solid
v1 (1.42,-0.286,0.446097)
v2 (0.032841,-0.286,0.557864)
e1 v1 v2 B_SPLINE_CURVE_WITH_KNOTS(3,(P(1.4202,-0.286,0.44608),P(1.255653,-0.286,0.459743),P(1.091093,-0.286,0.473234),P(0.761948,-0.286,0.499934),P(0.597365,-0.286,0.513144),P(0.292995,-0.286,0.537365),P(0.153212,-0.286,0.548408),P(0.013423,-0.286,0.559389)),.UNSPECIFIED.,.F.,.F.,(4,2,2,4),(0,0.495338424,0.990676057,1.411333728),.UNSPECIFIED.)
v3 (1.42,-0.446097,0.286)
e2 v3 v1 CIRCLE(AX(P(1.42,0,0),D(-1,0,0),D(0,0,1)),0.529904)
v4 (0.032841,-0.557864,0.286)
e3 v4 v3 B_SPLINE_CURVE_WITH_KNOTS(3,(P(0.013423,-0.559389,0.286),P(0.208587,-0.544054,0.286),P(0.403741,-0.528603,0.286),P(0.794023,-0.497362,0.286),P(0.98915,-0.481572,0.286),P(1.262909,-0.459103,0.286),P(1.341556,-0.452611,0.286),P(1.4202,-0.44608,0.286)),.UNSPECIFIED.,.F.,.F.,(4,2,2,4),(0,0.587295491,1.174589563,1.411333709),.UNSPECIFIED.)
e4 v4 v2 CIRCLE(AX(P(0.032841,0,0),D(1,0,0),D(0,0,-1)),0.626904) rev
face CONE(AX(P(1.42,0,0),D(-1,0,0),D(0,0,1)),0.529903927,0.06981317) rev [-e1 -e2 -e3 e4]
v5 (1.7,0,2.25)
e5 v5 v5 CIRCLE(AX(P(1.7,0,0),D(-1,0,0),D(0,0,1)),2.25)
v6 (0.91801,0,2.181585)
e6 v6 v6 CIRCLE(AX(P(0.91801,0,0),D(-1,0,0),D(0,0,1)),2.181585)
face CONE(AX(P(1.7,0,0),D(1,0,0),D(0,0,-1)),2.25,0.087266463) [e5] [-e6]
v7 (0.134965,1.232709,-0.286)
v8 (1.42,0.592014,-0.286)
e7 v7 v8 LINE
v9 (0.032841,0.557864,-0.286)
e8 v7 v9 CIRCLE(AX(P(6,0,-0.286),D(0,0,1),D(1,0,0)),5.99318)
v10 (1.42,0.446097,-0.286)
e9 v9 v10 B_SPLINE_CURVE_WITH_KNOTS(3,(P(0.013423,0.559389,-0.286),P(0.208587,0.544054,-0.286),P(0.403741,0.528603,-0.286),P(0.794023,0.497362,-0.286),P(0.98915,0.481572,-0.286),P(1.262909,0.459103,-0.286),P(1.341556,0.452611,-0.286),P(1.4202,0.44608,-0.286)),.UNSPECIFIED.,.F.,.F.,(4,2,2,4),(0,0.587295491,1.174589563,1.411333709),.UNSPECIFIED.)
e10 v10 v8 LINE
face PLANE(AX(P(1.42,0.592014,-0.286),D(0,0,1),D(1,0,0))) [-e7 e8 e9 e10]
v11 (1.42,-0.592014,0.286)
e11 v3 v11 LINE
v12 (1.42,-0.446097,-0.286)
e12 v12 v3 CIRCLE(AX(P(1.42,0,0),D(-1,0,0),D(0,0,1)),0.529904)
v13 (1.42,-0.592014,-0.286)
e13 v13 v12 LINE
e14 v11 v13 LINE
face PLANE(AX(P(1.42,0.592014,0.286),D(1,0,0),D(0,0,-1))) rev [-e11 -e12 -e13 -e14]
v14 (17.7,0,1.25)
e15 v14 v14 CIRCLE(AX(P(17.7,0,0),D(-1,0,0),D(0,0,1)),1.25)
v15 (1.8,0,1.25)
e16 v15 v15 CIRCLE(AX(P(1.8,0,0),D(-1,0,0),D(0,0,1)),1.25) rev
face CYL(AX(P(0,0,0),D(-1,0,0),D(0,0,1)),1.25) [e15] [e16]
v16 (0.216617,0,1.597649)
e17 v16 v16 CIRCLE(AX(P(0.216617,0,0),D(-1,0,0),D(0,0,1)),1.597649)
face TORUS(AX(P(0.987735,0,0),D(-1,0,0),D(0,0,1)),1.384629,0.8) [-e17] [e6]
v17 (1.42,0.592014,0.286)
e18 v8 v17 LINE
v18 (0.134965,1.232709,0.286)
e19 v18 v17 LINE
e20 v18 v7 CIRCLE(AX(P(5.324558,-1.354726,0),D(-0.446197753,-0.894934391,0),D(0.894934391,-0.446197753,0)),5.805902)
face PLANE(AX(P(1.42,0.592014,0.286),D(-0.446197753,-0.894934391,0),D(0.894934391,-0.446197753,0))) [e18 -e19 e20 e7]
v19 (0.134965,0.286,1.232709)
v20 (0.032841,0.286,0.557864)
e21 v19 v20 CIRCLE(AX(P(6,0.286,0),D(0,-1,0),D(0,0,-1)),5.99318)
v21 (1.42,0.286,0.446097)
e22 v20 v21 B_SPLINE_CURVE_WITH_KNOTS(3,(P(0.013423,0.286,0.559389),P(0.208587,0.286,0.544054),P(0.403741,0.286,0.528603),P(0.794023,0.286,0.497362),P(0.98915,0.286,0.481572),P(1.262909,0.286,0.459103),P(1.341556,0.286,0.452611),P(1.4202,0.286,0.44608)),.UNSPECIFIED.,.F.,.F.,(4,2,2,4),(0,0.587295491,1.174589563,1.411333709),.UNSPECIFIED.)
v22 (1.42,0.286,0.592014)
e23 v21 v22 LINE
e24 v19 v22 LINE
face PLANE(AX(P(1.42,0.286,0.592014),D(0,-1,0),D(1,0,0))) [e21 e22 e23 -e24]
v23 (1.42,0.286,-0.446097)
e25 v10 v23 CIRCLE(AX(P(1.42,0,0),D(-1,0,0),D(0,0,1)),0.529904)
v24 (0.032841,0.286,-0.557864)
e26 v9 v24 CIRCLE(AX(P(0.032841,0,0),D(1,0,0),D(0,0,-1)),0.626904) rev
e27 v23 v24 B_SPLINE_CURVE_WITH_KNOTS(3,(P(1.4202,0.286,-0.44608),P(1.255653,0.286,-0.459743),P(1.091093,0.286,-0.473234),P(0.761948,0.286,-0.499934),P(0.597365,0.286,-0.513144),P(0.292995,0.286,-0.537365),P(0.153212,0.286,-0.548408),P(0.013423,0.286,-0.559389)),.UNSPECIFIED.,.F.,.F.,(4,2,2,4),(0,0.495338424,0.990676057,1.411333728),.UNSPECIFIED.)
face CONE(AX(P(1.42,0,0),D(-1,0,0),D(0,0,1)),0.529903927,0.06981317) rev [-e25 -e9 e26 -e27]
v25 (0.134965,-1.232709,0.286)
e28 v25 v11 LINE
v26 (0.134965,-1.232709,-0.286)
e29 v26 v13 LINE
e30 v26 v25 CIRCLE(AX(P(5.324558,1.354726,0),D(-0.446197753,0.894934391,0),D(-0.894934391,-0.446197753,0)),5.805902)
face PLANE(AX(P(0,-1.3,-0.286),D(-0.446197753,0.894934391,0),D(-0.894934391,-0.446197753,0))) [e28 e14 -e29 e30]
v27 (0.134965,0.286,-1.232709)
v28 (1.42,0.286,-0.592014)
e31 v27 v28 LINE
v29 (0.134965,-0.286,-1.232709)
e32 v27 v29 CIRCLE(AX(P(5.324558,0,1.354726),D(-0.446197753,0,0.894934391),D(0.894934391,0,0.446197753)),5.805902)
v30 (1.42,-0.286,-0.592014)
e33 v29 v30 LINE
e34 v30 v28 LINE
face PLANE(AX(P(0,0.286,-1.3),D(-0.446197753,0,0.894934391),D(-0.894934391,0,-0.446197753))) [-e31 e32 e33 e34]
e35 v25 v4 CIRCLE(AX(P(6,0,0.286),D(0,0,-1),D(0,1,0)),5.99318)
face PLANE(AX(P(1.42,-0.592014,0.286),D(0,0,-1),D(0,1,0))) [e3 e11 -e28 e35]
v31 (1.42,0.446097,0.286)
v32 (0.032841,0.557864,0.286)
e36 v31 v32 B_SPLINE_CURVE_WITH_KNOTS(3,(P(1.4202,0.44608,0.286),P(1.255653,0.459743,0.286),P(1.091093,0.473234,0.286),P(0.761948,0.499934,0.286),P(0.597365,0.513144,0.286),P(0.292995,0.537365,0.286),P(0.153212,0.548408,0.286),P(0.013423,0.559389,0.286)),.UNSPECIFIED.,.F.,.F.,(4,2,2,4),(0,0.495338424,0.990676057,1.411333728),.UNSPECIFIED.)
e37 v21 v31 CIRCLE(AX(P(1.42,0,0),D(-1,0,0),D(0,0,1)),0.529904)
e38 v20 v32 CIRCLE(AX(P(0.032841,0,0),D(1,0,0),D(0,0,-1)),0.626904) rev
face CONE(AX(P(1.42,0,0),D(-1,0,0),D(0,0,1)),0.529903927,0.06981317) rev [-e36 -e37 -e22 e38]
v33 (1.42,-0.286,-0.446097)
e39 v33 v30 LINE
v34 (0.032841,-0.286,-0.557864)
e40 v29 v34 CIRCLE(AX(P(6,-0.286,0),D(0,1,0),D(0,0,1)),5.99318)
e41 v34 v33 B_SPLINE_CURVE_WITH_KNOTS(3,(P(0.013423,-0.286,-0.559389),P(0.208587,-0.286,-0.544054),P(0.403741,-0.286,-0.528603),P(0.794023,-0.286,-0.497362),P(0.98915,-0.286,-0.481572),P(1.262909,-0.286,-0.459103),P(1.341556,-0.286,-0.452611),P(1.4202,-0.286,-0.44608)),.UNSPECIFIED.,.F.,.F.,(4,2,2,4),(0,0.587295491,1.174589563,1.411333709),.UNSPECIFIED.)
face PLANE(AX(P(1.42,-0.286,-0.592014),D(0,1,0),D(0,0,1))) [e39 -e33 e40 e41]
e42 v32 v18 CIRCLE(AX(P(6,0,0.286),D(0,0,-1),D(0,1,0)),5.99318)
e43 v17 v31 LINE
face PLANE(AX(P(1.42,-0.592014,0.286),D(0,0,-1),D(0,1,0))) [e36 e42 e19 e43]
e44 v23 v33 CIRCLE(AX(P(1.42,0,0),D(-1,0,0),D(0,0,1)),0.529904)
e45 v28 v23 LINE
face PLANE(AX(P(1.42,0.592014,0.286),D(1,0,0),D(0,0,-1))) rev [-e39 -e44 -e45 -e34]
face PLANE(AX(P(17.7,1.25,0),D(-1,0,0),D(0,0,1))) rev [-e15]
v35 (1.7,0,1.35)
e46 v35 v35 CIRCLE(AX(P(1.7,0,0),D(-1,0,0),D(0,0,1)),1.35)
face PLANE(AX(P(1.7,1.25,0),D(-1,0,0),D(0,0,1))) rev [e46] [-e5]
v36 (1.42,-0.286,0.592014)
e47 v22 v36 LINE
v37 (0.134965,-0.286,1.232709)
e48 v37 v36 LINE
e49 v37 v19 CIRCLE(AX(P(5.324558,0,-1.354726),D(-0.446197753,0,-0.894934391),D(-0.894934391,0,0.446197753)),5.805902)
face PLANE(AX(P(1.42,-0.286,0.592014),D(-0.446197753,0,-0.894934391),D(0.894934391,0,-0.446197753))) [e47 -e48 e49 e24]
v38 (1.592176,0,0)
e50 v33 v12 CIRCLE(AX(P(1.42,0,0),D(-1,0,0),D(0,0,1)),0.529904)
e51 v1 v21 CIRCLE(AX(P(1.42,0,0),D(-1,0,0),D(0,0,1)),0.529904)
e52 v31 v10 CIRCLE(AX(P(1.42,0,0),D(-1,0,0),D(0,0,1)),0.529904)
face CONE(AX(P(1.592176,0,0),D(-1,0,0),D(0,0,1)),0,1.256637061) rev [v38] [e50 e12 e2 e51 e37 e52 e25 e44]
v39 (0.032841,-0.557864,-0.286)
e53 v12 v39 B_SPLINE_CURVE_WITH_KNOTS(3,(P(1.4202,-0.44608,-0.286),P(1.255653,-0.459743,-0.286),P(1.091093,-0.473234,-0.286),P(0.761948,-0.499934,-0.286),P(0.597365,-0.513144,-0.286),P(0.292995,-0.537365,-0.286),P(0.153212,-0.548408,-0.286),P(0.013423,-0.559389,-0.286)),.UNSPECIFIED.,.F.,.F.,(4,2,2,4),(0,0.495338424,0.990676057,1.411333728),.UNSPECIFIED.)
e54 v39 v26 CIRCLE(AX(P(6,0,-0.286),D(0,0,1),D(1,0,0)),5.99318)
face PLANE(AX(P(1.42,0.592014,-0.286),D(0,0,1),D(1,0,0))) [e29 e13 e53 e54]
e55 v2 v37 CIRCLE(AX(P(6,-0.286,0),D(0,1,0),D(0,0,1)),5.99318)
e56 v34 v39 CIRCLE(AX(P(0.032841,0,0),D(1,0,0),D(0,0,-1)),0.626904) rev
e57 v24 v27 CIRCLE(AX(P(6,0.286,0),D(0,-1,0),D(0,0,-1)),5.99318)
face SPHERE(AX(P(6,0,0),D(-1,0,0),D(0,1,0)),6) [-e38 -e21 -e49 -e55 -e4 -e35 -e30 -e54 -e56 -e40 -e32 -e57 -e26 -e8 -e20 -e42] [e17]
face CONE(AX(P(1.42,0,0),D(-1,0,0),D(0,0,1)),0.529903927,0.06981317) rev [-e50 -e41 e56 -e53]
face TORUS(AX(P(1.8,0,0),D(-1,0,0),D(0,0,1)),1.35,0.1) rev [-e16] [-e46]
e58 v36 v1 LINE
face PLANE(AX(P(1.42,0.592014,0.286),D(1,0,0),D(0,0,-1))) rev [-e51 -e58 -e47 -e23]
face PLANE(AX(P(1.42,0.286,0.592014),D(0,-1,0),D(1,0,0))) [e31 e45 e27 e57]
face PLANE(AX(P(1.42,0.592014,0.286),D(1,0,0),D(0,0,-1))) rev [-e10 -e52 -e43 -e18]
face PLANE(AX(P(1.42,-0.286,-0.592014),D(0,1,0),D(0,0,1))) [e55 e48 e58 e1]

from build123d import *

# Parameters (mm, degrees)
FILLET1_R    = 0.1
RECPAT_COUNT = 2
RECPAT_ANGLE = 90


with BuildPart() as part:
    # BodySke → BaseBody (revolve)
    with BuildSketch(Plane.XY, mode=Mode.PRIVATE) as basebody_sk:
        with BuildLine():
            Line((1.7, 1.25), (1.7, 2.25))
            Line((1.7, 2.25), (0.918010196, 2.181584757))
            ThreePointArc((0.918010196, 2.181584757), (0.475876178, 1.999446664), (0.216617065, 1.597648845))
            ThreePointArc((0.216617065, 1.597648845), (0.054400888, 0.806133485), (0, 0))
            Line((0, 0), (17.7, 0))
            Line((17.7, 0), (17.7, 1.25))
            Line((17.7, 1.25), (1.7, 1.25))
        make_face()
    revolve(basebody_sk.sketch.rotate(Axis((0, 0, 0), (1, 0, 0)), 90), axis=Axis((0, 0, 0), (1, 0, 0)))

    # Fillet1
    fillet1_edges = [part.edges().sort_by_distance(p)[0] for p in [
        (1.7, 0, -1.25),
    ]]
    fillet(fillet1_edges, radius=FILLET1_R)

    # RecSkeTop → Recess section 0
    with BuildSketch(Plane(origin=(0, 0, 0), x_dir=(0, 0, -1), z_dir=(1, 0, 0))):
        with BuildLine():
            Line((-0.286, 1.3), (0.286, 1.3))
            Line((0.286, 1.3), (0.286, -1.3))
            Line((0.286, -1.3), (-0.286, -1.3))
            Line((-0.286, -1.3), (-0.286, 1.3))
        make_face()
    # RecSkeBot → Recess section 1
    with BuildSketch(Plane(origin=(1.42, 0, 0), x_dir=(0, 0, -1), z_dir=(1, 0, 0))):
        with BuildLine():
            Line((-0.286, 0.592014235), (0.286, 0.592014235))
            Line((0.286, 0.592014235), (0.286, -0.592014235))
            Line((0.286, -0.592014235), (-0.286, -0.592014235))
            Line((-0.286, -0.592014235), (-0.286, 0.592014235))
        make_face()
    recess = loft(mode=Mode.SUBTRACT)

    # RecPat: Recess ×2 about axis
    recpat_axis = Axis((0, 0, 0), (1, 0, 0))
    for i in range(1, RECPAT_COUNT):
        add(recess.rotate(recpat_axis, i * RECPAT_ANGLE / (RECPAT_COUNT - 1)), mode=Mode.SUBTRACT)

    # RecCorSke → RecessCore (revolve, cut)
    with BuildSketch(Plane.XY, mode=Mode.PRIVATE) as recesscore_sk:
        Polygon((0, 0), (0, 0.6292), (1.42, 0.529903927), (1.592176223, 0), align=None)
    revolve(recesscore_sk.sketch.rotate(Axis((0, 0, 0), (1, 0, 0)), 346.937939467), axis=Axis((0, 0, 0), (1, 0, 0)), mode=Mode.SUBTRACT)


solid = part.part
